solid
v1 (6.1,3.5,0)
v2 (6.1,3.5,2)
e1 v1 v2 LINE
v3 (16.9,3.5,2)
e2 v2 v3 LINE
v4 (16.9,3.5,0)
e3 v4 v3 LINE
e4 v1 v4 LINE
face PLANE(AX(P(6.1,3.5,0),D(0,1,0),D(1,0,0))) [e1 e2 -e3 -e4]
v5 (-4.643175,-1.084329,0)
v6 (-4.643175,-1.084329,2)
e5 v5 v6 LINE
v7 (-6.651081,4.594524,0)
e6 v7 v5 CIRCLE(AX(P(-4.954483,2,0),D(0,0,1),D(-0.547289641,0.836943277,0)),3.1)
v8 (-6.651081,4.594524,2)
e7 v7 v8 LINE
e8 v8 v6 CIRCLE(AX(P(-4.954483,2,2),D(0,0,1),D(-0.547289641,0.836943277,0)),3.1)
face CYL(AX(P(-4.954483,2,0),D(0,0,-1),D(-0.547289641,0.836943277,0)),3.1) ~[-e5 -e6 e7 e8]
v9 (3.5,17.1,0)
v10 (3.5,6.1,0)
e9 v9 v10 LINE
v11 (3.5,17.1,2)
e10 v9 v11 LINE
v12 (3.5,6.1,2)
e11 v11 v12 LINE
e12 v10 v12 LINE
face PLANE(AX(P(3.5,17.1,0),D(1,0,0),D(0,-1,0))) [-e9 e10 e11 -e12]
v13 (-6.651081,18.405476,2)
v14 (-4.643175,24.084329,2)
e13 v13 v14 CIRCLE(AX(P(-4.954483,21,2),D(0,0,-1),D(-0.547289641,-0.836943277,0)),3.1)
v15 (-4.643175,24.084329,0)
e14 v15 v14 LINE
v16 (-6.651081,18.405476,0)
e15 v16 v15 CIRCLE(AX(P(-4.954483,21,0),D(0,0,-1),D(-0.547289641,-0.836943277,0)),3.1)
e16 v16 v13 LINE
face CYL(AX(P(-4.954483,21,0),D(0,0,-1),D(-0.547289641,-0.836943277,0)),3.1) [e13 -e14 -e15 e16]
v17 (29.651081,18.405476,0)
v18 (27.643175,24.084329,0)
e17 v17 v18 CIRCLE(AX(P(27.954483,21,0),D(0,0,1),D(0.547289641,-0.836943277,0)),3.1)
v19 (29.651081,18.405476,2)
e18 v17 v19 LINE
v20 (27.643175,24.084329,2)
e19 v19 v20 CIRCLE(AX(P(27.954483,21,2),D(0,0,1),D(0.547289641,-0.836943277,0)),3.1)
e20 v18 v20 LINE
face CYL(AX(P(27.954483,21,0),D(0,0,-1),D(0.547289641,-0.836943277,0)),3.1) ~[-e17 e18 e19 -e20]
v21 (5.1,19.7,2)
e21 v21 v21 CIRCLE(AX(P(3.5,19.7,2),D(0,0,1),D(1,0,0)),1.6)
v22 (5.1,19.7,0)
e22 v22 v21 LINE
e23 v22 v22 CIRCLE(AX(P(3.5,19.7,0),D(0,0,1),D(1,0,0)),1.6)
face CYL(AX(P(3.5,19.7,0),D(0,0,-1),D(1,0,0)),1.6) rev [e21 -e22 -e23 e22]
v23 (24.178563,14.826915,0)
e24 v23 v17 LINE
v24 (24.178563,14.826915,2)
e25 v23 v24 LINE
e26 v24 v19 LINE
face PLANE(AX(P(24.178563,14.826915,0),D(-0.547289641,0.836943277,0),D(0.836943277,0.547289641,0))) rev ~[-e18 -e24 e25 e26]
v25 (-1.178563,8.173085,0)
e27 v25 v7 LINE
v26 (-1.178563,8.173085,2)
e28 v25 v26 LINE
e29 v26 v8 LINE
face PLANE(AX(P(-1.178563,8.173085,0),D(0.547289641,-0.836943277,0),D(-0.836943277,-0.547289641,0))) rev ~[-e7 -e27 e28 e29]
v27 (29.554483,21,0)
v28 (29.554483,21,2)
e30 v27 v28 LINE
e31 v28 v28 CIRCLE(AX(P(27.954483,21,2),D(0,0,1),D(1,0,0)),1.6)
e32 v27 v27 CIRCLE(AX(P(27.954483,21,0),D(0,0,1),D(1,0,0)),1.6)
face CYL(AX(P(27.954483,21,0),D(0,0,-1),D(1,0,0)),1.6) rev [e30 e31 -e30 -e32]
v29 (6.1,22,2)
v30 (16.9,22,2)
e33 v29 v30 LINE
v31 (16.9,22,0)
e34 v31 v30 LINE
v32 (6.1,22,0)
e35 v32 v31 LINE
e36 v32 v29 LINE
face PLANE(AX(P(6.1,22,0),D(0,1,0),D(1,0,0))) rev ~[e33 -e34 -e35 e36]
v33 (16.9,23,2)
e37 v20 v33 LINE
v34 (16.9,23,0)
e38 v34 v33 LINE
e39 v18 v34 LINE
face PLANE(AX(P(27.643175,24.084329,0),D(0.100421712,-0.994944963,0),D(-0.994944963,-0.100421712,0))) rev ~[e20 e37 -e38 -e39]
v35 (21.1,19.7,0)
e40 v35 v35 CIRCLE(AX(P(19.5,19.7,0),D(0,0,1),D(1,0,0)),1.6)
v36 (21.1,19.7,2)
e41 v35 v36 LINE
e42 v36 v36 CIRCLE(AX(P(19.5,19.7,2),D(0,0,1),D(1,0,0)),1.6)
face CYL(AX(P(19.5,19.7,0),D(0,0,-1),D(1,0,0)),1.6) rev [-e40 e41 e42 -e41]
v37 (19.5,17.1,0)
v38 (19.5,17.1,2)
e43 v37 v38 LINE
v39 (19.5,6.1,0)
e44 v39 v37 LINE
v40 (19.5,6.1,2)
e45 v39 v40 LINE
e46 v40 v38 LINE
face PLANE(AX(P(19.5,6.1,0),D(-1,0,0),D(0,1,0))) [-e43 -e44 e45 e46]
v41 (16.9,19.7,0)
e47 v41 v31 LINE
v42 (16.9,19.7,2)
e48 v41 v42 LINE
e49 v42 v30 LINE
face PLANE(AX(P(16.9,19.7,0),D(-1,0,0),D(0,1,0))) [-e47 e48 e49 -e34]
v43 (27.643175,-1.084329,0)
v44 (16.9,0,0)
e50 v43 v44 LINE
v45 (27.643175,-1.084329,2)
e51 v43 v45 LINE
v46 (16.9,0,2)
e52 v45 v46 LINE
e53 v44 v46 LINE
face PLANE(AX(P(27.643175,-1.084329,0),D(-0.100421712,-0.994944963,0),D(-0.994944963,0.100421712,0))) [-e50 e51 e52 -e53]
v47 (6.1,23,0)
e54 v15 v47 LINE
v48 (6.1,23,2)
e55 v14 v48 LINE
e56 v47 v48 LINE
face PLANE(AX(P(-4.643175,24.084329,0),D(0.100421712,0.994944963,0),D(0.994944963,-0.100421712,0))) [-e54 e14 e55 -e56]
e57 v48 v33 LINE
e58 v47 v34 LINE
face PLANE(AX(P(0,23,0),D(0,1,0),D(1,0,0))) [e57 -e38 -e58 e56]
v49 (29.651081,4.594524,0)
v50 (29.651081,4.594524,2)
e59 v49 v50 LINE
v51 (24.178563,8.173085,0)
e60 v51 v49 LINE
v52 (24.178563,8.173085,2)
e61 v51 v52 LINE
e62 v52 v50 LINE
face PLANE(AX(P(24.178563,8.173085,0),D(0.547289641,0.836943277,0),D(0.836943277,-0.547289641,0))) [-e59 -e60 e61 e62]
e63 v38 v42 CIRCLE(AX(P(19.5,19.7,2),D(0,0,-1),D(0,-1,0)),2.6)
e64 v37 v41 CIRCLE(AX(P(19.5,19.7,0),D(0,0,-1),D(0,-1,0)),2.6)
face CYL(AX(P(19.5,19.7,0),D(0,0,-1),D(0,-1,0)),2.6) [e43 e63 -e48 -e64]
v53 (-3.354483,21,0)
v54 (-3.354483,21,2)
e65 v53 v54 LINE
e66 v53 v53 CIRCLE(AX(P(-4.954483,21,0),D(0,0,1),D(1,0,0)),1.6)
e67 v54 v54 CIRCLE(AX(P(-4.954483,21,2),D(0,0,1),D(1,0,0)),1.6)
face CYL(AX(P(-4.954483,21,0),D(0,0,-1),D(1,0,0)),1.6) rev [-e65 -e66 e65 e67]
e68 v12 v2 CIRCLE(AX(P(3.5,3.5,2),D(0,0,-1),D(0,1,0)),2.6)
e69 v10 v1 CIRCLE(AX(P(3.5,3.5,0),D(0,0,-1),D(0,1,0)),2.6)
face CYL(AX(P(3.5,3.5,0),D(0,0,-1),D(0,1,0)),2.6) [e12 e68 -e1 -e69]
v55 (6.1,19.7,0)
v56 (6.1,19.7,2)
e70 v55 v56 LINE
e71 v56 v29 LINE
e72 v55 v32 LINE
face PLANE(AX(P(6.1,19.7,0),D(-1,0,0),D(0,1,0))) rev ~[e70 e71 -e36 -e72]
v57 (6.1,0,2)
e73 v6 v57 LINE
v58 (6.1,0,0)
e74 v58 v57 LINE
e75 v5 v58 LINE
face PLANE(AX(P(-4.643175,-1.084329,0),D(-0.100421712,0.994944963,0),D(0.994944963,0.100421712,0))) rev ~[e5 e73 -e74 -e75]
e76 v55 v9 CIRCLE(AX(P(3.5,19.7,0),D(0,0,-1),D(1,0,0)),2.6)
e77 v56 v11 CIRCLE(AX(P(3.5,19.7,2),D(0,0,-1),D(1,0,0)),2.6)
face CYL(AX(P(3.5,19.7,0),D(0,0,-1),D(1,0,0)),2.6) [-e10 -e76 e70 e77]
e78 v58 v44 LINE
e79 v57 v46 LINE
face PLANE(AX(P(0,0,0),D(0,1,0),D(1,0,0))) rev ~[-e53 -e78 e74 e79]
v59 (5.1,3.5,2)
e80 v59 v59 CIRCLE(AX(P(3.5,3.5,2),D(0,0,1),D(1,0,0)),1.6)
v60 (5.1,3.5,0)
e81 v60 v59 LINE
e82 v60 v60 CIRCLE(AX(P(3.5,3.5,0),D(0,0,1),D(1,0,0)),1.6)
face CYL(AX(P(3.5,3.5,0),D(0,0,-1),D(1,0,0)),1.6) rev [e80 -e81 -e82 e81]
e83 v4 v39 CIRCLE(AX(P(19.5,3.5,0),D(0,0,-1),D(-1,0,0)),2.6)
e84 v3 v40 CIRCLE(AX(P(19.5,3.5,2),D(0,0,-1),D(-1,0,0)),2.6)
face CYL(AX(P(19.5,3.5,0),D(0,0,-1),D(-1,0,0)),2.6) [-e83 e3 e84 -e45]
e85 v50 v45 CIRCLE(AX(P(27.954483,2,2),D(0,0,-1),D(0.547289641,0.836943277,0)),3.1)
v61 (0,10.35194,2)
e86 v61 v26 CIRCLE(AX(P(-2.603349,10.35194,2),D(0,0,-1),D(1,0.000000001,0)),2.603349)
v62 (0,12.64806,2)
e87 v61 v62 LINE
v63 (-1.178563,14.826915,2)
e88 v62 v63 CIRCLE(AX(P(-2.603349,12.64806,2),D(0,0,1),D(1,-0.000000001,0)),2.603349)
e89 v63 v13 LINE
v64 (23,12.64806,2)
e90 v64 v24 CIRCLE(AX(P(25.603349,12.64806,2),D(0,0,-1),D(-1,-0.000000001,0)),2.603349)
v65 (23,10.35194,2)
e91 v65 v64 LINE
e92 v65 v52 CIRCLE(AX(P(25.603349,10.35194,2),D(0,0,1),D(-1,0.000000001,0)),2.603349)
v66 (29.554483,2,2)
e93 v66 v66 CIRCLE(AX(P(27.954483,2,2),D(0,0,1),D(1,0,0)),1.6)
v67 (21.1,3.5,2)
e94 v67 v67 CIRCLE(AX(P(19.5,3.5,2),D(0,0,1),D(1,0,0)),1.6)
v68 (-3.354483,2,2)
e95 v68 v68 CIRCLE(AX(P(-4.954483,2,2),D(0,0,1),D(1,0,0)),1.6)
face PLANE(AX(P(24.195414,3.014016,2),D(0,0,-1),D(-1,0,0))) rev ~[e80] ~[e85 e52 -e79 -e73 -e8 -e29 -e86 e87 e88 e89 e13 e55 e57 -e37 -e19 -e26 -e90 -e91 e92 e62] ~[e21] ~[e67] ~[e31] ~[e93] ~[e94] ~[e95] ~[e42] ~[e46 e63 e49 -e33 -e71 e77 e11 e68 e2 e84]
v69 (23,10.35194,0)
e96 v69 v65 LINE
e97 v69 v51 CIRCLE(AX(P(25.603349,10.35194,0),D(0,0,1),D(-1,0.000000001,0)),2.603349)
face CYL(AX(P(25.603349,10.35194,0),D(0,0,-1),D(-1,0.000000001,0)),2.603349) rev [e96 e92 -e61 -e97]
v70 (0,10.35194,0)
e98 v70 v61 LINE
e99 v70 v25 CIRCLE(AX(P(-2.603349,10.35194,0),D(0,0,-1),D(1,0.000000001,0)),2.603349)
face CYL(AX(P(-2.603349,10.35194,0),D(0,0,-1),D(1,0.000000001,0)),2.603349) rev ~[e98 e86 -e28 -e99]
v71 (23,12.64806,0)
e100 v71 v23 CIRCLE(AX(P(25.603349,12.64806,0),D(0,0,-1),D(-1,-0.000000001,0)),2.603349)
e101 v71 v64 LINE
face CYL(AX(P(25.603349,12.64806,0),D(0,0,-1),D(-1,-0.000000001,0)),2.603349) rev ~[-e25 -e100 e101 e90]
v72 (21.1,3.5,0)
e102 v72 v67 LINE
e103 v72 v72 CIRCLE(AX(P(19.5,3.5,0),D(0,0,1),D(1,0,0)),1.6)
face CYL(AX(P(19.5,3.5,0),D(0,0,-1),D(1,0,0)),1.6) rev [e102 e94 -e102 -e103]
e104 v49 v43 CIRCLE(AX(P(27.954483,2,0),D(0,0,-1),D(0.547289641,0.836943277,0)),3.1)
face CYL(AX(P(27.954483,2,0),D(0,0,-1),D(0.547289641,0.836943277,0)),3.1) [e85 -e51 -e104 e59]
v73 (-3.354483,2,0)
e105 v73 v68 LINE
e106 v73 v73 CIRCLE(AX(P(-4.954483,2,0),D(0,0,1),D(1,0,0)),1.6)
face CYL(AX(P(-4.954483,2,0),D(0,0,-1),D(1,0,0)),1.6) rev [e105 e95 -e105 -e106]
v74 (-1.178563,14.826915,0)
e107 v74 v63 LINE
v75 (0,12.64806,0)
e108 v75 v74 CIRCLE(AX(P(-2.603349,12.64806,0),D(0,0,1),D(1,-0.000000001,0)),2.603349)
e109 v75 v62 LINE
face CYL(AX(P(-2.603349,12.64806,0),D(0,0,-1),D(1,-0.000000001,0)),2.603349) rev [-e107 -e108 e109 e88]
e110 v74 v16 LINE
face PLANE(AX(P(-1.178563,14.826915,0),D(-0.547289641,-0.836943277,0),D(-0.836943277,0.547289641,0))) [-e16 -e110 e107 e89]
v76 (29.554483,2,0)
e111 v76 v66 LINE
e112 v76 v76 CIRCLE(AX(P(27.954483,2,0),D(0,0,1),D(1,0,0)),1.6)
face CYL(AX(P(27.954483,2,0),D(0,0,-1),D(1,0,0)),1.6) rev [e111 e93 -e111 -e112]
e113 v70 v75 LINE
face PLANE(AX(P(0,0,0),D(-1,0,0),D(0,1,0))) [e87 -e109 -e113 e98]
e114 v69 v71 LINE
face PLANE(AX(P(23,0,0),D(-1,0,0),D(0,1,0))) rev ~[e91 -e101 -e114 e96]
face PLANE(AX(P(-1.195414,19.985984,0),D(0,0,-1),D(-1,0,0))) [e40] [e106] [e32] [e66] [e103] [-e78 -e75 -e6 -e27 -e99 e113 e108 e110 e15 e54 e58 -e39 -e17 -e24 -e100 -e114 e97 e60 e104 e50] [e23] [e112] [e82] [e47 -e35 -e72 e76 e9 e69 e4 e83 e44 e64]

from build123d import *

# Parameters (mm, degrees)
SKETCH1_W             = 23
SKETCH1_H             = 23
BOSS_EXTRUDE1_DEPTH   = 2
FILLET1_R             = 2
SKETCH2_R             = 1.6
CUT_EXTRUDE1_DEPTH    = 2
SKETCH3_W             = 10.8
SKETCH3_H             = 2.3
CUT_EXTRUDE2_DEPTH    = 2
SKETCH5_R             = 1.6
BOSS_EXTRUDE2_DEPTH   = 2
BOSS_EXTRUDE2_2_DEPTH = 2
BOSS_EXTRUDE2_3_DEPTH = 2
BOSS_EXTRUDE2_4_DEPTH = 2


with BuildPart() as part:
    # Sketch1 → Boss-Extrude1 (new body)
    with BuildSketch(Plane.XY):
        with Locations((11.5, 11.5)):
            Rectangle(SKETCH1_W, SKETCH1_H)
    extrude(amount=BOSS_EXTRUDE1_DEPTH)

    # Fillet1
    fillet1_edges = [part.edges().sort_by_distance(p)[0] for p in [
        (0, 23, 1),
        (23, 23, 1),
        (23, 0, 1),
        (0, 0, 1),
    ]]
    fillet(fillet1_edges, radius=FILLET1_R)

    # Sketch2 → Cut-Extrude1 (cut)
    with BuildSketch(Plane.XY):
        with Locations((3.5, 19.7)):
            Circle(SKETCH2_R)
        with Locations((19.5, 19.7)):
            Circle(SKETCH2_R)
        with Locations((19.5, 3.5)):
            Circle(SKETCH2_R)
        with Locations((3.5, 3.5)):
            Circle(SKETCH2_R)
        with BuildLine():
            Line((3.5, 17.1), (3.5, 6.1))
            ThreePointArc((3.5, 6.1), (5.338477631, 5.338477631), (6.1, 3.5))
            Line((6.1, 3.5), (16.9, 3.5))
            ThreePointArc((16.9, 3.5), (17.661522369, 5.338477631), (19.5, 6.1))
            Line((19.5, 6.1), (19.5, 17.1))
            ThreePointArc((19.5, 17.1), (17.661522369, 17.861522369), (16.9, 19.7))
            Line((16.9, 19.7), (6.1, 19.7))
            ThreePointArc((6.1, 19.7), (5.338477631, 17.861522369), (3.5, 17.1))
        make_face()
    extrude(amount=CUT_EXTRUDE1_DEPTH, mode=Mode.SUBTRACT)

    # Sketch3 → Cut-Extrude2 (cut)
    with BuildSketch(Plane.XY):
        with Locations((11.5, 20.85)):
            Rectangle(SKETCH3_W, SKETCH3_H)
    extrude(amount=CUT_EXTRUDE2_DEPTH, mode=Mode.SUBTRACT)


with BuildPart() as body_2:
    # Sketch5 → Boss-Extrude2 (new body)
    with BuildSketch(Plane.XY):
        with BuildLine():
            Line((16.9, 23), (21.776453683, 21.561960094))
            Line((21.776453683, 21.561960094), (23, 12.648059803))
            ThreePointArc((23, 12.648059803), (23.313519219, 13.886650017), (24.17856315, 14.826915413))
            Line((24.17856315, 14.826915413), (29.65108056, 18.405475842))
            ThreePointArc((29.65108056, 18.405475842), (30.877170115, 22.033391556), (27.643175365, 24.084329386))
            Line((27.643175365, 24.084329386), (16.9, 23))
        make_face()
        with Locations((27.954482672, 21)):
            Circle(SKETCH5_R, mode=Mode.SUBTRACT)
    extrude(amount=BOSS_EXTRUDE2_DEPTH)


with BuildPart() as body_3:
    # Sketch5 → Boss-Extrude2 2 (new body)
    with BuildSketch(Plane.XY):
        with BuildLine():
            Line((-4.643175365, 24.084329386), (6.1, 23))
            Line((6.1, 23), (1.223546317, 21.561960094))
            Line((1.223546317, 21.561960094), (0, 12.648059803))
            ThreePointArc((0, 12.648059803), (-0.313519219, 13.886650017), (-1.17856315, 14.826915413))
            Line((-1.17856315, 14.826915413), (-6.65108056, 18.405475842))
            ThreePointArc((-6.65108056, 18.405475842), (-7.877170115, 22.033391556), (-4.643175365, 24.084329386))
        make_face()
        with Locations((-4.954482672, 21)):
            Circle(SKETCH5_R, mode=Mode.SUBTRACT)
    extrude(amount=BOSS_EXTRUDE2_2_DEPTH)


with BuildPart() as body_4:
    # Sketch5 → Boss-Extrude2 3 (new body)
    with BuildSketch(Plane.XY):
        with BuildLine():
            Line((16.9, 0), (21.776453683, 1.438039906))
            Line((21.776453683, 1.438039906), (23, 10.351940197))
            ThreePointArc((23, 10.351940197), (23.313519219, 9.113349983), (24.17856315, 8.173084587))
            Line((24.17856315, 8.173084587), (29.65108056, 4.594524158))
            ThreePointArc((29.65108056, 4.594524158), (30.877170115, 0.966608444), (27.643175365, -1.084329386))
            Line((27.643175365, -1.084329386), (16.9, 0))
        make_face()
        with Locations((27.954482672, 2)):
            Circle(SKETCH5_R, mode=Mode.SUBTRACT)
    extrude(amount=BOSS_EXTRUDE2_3_DEPTH)


with BuildPart() as body_5:
    # Sketch5 → Boss-Extrude2 4 (new body)
    with BuildSketch(Plane.XY):
        with BuildLine():
            Line((6.1, 0), (1.223546317, 1.438039906))
            Line((1.223546317, 1.438039906), (0, 10.351940197))
            ThreePointArc((0, 10.351940197), (-0.313519219, 9.113349983), (-1.17856315, 8.173084587))
            Line((-1.17856315, 8.173084587), (-6.65108056, 4.594524158))
            ThreePointArc((-6.65108056, 4.594524158), (-7.877170115, 0.966608444), (-4.643175365, -1.084329386))
            Line((-4.643175365, -1.084329386), (6.1, 0))
        make_face()
        with Locations((-4.954482672, 2)):
            Circle(SKETCH5_R, mode=Mode.SUBTRACT)
    extrude(amount=BOSS_EXTRUDE2_4_DEPTH)

    # Combine1: union part, body 3, body 2, body 4
    add(part.part)
    add(body_3.part)
    add(body_2.part)
    add(body_4.part)


solid = body_5.part
